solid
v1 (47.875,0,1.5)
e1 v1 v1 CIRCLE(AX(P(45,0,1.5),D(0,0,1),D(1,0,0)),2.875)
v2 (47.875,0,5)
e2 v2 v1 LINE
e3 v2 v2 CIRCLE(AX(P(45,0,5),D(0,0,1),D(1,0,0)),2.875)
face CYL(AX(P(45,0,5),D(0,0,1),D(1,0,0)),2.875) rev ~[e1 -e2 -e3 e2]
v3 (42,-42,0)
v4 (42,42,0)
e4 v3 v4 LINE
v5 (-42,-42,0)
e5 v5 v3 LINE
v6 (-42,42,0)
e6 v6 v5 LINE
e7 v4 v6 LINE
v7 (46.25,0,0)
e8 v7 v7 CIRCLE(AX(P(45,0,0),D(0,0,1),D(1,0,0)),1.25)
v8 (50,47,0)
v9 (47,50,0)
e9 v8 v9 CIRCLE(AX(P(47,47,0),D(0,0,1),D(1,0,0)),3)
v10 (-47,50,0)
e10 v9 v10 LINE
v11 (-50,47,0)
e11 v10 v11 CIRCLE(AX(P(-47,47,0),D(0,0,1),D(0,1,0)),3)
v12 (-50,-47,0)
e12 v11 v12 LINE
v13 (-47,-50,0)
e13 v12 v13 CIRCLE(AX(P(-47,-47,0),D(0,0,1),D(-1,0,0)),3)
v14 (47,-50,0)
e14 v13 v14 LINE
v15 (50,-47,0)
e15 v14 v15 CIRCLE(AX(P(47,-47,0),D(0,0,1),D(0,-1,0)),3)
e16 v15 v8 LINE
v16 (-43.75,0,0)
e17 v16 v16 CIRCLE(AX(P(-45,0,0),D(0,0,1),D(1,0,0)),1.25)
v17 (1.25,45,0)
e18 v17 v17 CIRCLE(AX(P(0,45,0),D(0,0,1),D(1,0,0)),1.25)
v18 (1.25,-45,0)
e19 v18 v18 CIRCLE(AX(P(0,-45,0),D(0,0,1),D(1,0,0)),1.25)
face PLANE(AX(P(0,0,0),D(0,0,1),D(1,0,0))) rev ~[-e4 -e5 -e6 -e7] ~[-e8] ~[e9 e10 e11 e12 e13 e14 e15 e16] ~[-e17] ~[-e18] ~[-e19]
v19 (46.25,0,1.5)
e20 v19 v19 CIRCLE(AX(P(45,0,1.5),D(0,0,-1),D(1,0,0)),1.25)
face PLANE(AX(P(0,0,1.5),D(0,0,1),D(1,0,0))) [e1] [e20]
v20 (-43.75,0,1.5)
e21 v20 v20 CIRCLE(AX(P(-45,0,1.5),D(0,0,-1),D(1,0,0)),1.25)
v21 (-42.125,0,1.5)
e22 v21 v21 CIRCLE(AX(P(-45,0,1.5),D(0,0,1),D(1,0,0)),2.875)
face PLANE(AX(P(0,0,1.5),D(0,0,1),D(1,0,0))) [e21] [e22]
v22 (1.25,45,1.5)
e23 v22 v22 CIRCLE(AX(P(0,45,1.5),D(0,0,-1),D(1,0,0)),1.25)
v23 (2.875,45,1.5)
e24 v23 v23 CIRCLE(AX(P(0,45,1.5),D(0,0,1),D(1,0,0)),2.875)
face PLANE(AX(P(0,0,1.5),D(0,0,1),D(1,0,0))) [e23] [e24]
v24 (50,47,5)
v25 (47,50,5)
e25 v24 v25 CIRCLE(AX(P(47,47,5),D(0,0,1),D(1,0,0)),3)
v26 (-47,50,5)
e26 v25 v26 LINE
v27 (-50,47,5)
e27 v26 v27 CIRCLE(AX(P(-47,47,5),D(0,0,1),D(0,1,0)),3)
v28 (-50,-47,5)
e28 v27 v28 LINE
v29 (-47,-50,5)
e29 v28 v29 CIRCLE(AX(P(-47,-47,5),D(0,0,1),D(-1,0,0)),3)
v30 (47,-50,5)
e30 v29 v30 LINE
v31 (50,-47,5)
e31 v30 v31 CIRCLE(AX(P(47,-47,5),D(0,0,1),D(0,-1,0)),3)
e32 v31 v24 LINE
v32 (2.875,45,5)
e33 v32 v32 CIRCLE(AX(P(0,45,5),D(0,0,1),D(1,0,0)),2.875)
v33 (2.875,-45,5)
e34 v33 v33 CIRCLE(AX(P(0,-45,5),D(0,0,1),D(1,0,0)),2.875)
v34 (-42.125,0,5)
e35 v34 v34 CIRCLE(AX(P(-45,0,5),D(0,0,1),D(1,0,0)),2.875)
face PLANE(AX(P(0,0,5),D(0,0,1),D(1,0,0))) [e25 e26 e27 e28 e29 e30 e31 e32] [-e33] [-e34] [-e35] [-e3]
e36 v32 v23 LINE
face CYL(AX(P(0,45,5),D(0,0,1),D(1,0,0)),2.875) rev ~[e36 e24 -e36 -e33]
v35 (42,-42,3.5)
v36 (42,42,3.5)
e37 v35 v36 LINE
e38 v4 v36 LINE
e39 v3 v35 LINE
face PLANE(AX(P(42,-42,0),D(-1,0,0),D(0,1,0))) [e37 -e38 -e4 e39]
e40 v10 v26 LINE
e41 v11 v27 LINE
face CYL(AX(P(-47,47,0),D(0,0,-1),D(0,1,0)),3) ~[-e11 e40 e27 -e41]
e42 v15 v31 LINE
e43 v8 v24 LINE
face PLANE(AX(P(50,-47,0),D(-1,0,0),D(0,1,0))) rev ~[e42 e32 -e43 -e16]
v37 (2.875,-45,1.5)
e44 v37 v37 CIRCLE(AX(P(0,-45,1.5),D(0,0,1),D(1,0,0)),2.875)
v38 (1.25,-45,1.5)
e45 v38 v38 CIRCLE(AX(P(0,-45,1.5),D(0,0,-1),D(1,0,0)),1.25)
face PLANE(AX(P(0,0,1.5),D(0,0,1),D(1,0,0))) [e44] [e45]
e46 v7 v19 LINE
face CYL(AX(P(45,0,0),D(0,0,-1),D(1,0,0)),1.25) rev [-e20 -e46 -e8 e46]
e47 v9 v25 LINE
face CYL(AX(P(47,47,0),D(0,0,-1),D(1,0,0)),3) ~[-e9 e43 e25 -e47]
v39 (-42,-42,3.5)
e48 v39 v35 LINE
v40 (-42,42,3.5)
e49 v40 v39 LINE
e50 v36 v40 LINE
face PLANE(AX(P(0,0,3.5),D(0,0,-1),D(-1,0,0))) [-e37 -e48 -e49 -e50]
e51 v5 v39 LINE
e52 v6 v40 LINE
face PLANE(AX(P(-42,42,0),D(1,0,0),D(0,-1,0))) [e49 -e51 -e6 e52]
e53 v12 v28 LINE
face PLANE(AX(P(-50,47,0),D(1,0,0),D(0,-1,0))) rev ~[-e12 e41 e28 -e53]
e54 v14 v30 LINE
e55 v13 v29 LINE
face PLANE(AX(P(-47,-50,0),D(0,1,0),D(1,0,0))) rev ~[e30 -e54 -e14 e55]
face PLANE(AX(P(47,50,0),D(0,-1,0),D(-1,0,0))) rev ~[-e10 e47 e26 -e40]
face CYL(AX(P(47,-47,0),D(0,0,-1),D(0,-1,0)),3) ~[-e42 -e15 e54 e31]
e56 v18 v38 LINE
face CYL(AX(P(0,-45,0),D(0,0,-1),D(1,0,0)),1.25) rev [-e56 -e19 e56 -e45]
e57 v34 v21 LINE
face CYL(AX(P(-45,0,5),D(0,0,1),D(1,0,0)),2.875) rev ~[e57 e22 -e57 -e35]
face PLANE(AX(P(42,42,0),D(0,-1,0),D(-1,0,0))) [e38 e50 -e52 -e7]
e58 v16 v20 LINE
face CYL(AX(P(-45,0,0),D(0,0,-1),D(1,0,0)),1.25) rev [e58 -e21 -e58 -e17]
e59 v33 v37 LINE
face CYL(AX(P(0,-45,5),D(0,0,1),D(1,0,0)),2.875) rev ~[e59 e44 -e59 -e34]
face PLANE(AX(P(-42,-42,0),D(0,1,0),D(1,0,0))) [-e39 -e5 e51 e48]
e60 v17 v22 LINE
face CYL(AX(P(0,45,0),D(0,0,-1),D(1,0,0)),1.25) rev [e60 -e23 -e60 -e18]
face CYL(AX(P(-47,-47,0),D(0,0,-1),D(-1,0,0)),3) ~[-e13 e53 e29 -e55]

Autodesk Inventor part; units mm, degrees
ref_plane "YZ Plane" through (0, 0, 0) normal (1, 0, 0) x (0, 1, 0)
ref_plane "XZ Plane" through (0, 0, 0) normal (0, 1, 0) x (-1, 0, 0)
ref_plane "XY Plane" through (0, 0, 0) normal (0, 0, 1) x (1, 0, 0)
sketch "Sketch1" plane through (0, 0, 0) normal (0, 0, 1) x (1, 0, 0)
  line L0 (47, 50) -> (-47, 50) projected
  line L1 (-50, 47) -> (-50, -47) projected
  line L2 (-47, -50) -> (47, -50) projected
  line L3 (50, -47) -> (50, 47) projected
  line L4 (-48, 4) -> (-48, 48) projected
  line L5 (4, 48) -> (48, 48) projected
  line L6 (48, 48) -> (48, 4) projected
  line L7 (48, -48) -> (4, -48) projected
  arc A0 (47, -50) -> (50, -47) centre (47, -47) ccw projected
  arc A1 (50, 47) -> (47, 50) centre (47, 47) ccw projected
  arc A2 (-47, 50) -> (-50, 47) centre (-47, 47) ccw projected
  arc A3 (-50, -47) -> (-47, -50) centre (-47, -47) ccw projected
  circle A4 centre (0, -45) radius 1.25 projected
  circle A5 centre (0, 45) radius 1.25 projected
  circle A6 centre (-45, 0) radius 1.25 projected
  circle A7 centre (45, 0) radius 1.25 projected
  arc A8 (-43, -3) -> (-42, -2) centre (-43, -2) ccw projected
  line L8 (-42, -2) -> (-42, 2) projected
  arc A9 (-42, 2) -> (-43, 3) centre (-43, 2) ccw projected
  line L9 (-43, 3) -> (-47, 3) projected
  arc A10 (-48, 4) -> (-47, 3) centre (-47, 4) ccw projected
  arc A11 (-3, 47) -> (-4, 48) centre (-4, 47) ccw projected
  line L10 (-3, 47) -> (-3, 43) projected
  arc A12 (-3, 43) -> (-2, 42) centre (-2, 43) ccw projected
  line L11 (-2, 42) -> (2, 42) projected
  arc A13 (2, 42) -> (3, 43) centre (2, 43) ccw projected
  line L12 (3, 43) -> (3, 47) projected
  arc A14 (4, 48) -> (3, 47) centre (4, 47) ccw projected
  arc A15 (47, 3) -> (48, 4) centre (47, 4) ccw projected
  line L13 (47, 3) -> (43, 3) projected
  arc A16 (43, 3) -> (42, 2) centre (43, 2) ccw projected
  line L14 (42, 2) -> (42, -2) projected
  arc A17 (42, -2) -> (43, -3) centre (43, -2) ccw projected
  line L15 (43, -3) -> (47, -3) projected
  arc A18 (48, -4) -> (47, -3) centre (47, -4) ccw projected
  arc A19 (3, -47) -> (4, -48) centre (4, -47) ccw projected
  line L16 (3, -47) -> (3, -43) projected
  arc A20 (3, -43) -> (2, -42) centre (2, -43) ccw projected
  line L17 (2, -42) -> (-2, -42) projected
  arc A21 (-2, -42) -> (-3, -43) centre (-2, -43) ccw projected
  line L18 (-3, -43) -> (-3, -47) projected
  arc A22 (-4, -48) -> (-3, -47) centre (-4, -47) ccw projected
  arc A23 (-47, -3) -> (-48, -4) centre (-47, -4) ccw projected
  line L19 (-47, -3) -> (-43, -3) projected
  line L20 (-48, 48) -> (-4, 48) projected
  line L21 (48, -4) -> (48, -48) projected
  line L22 (-4, -48) -> (-48, -48) projected
  line L23 (-48, -48) -> (-48, -4) projected
  point P0 (0, 0)
  point P1 (-47, 4)
  point P2 (-4, 47)
  point P3 (4, 47)
  point P4 (47, 4)
  point P5 (47, -4)
  point P6 (4, -47)
  point P7 (-4, -47)
  point P8 (-47, -4)
extrude "Extrusion1" add sketch "Sketch1" along normal blind 5 contours A1 L3 A0 L2 A3 L1 A2 L0 | L4 L20 A11 L10 A12 L11 A13 L12 A14 L5 L6 A15 L13 A16 L14 A17 L15 A18 L21 L7 A19 L16 A20 L17 A21 L18 A22 L22 L23 A23 L19 A8 L8 A9 L9 A10
sketch "Sketch2" plane through (0, 0, 5) normal (0, 0, 1) x (1, 0, 0)
  circle A0 centre (45, 0) radius 1.25 projected
  circle A1 centre (45, 0) radius 2.875
  circle A2 centre (0, 45) radius 2.875
  circle A3 centre (-45, 0) radius 2.875
  circle A4 centre (0, -45) radius 2.875
  point P0 (0, 0)
  dimension "d2" = 5.75
  dimension "d5" = 360
extrude "Extrusion2" cut sketch "Sketch2" against normal blind 3.5 contours A0 | A1 | A2 | A3 | A4
sketch "Sketch3" plane through (0, 0, 0) normal (0, 0, -1) x (-1, 0, 0)
  line L0 (-42, 42) -> (42, 42)
  line L1 (42, 42) -> (42, -42)
  line L2 (42, -42) -> (-42, -42)
  line L3 (-42, -42) -> (-42, 42)
  line L4 (-42, 42) -> (42, -42) construction
  line L5 (42, 42) -> (-42, -42) construction
  point P0 (0, 0)
  dimension "d9" = 84
  dimension "d10" = 84
extrude "Extrusion3" cut sketch "Sketch3" against normal blind 3.5
properties part number "BaseBottom"
